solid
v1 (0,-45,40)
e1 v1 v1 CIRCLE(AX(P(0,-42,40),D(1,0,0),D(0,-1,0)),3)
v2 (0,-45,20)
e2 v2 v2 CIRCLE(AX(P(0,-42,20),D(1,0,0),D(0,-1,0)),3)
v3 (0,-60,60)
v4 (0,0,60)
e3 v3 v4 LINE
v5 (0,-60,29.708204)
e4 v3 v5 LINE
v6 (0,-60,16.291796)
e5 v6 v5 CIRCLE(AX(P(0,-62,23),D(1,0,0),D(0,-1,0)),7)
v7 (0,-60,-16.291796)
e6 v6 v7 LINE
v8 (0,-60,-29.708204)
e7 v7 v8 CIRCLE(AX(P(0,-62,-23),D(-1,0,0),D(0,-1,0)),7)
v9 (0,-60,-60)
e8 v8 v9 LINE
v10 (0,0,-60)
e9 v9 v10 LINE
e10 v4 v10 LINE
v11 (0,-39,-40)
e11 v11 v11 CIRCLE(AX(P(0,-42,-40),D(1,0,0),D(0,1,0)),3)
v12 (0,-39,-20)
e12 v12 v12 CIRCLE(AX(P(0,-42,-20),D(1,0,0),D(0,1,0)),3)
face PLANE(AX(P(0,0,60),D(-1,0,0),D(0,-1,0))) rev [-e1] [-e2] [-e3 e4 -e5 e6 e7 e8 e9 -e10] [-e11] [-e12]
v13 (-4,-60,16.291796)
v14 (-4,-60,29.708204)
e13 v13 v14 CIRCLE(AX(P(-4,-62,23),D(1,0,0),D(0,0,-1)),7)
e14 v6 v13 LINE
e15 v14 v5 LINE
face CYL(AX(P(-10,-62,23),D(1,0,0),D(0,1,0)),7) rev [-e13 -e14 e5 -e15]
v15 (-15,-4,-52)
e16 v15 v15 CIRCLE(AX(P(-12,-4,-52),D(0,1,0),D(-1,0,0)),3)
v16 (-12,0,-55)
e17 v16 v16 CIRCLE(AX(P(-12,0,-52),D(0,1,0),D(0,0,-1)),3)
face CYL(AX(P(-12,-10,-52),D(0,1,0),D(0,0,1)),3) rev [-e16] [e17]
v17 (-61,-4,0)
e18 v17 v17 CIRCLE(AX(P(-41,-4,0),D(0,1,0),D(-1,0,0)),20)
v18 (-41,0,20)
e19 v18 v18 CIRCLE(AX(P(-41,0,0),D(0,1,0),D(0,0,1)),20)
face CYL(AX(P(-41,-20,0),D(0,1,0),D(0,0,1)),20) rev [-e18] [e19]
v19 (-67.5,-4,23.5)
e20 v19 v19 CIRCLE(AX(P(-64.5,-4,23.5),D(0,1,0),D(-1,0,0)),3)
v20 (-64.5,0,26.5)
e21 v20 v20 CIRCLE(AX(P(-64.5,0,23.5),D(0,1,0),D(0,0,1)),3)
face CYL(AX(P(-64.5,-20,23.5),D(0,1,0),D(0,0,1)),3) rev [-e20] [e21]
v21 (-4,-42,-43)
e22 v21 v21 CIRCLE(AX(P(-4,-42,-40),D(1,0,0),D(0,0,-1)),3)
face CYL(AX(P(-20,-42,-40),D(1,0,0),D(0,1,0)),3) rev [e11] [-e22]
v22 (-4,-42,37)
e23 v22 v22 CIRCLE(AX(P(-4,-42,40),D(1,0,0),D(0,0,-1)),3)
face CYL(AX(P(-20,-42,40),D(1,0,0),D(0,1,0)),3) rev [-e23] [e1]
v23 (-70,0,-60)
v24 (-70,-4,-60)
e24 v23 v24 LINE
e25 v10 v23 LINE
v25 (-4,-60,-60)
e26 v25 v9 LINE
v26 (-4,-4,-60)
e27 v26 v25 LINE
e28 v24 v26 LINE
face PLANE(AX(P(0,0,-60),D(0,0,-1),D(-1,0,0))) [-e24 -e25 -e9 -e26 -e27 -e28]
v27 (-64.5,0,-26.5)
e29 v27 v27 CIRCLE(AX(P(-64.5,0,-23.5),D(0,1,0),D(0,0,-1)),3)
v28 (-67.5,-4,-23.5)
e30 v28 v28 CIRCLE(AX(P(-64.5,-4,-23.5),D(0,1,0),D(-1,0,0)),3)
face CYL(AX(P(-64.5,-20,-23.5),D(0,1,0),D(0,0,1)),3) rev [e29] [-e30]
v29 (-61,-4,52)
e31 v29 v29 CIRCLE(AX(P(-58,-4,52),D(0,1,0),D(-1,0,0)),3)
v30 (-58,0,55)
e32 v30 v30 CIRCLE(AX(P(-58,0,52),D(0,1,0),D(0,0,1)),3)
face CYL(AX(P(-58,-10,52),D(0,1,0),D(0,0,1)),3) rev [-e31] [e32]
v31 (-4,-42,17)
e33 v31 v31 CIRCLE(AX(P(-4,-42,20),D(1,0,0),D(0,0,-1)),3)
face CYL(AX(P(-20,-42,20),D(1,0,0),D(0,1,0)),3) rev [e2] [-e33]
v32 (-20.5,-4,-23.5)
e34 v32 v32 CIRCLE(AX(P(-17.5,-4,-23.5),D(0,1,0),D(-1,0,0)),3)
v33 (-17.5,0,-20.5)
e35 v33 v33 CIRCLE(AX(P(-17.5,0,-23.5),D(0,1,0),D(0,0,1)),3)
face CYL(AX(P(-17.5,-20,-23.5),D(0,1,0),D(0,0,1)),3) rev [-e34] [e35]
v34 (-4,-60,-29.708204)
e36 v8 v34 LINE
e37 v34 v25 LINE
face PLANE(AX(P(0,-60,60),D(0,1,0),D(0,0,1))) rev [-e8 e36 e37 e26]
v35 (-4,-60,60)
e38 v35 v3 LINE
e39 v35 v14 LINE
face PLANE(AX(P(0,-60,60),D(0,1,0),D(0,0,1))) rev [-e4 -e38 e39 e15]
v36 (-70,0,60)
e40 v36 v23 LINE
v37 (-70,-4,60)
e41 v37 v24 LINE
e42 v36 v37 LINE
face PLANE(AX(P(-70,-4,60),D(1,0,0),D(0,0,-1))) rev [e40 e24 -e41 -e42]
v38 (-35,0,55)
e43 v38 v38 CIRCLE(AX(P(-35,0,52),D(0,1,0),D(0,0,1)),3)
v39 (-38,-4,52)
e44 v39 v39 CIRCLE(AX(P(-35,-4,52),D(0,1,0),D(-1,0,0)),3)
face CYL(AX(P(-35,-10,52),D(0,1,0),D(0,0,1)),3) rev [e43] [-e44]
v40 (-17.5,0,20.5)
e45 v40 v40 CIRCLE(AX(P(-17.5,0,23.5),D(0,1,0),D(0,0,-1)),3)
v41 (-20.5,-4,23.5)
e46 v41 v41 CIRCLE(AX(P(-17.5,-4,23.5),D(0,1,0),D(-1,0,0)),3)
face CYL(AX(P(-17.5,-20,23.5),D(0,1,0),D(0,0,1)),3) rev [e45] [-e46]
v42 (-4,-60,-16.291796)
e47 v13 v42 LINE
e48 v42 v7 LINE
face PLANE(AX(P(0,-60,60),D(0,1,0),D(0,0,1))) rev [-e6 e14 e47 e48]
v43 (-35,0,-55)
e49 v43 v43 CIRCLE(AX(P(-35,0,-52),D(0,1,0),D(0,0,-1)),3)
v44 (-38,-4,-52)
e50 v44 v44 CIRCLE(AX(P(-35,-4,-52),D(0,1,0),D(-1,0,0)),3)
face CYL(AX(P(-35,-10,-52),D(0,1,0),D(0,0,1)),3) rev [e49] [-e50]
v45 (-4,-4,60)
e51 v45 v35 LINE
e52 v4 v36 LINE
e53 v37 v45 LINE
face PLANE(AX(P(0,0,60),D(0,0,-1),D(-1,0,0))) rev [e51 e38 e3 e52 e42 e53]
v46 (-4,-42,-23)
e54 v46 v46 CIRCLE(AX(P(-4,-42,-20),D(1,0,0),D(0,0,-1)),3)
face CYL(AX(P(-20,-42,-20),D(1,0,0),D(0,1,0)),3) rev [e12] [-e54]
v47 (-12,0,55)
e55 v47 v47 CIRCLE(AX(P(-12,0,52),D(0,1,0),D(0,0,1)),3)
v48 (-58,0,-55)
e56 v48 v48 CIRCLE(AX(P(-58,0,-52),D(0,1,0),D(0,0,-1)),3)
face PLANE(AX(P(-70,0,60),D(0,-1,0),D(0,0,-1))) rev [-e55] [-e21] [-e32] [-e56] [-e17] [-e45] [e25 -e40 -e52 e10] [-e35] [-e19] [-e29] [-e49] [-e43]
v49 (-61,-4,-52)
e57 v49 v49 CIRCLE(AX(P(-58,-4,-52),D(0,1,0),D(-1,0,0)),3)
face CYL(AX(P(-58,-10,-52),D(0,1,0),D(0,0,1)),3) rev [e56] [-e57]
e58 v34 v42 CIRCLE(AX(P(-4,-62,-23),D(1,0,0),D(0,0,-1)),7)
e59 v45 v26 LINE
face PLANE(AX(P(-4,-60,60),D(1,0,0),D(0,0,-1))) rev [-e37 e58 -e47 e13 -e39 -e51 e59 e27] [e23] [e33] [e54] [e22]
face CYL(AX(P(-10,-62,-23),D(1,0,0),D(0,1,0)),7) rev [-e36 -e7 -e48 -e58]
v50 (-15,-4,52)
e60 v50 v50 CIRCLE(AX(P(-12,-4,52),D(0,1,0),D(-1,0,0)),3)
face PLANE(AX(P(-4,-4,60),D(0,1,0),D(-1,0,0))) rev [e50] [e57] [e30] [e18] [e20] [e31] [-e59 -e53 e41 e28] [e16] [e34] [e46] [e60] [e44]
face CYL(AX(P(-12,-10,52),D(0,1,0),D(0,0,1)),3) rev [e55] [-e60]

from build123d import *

# Parameters (mm, degrees)
AUFSATZ_LINEAR_AUSTRAGEN1_DEPTH = 60
SKIZZE2_R                       = 20
SKIZZE2_R_2                     = 3
SCHNITT_LINEAR_AUSTRAGEN1_DEPTH = 20
SKIZZE3_R                       = 3
SCHNITT_LINEAR_AUSTRAGEN2_DEPTH = 20
SKIZZE4_R                       = 7
SCHNITT_LINEAR_AUSTRAGEN3_DEPTH = 10
SKIZZE5_R                       = 3
SCHNITT_LINEAR_AUSTRAGEN4_DEPTH = 10


with BuildPart() as part:
    # Skizze1 → Aufsatz-Linear austragen1 (new, symmetric)
    with BuildSketch(Plane.XY):
        Polygon((-70, 0), (0, 0), (0, -60), (-4, -60), (-4, -4), (-70, -4), align=None)
    extrude(amount=AUFSATZ_LINEAR_AUSTRAGEN1_DEPTH, both=True)

    # Skizze2 → Schnitt-Linear austragen1 (cut)
    with BuildSketch(Plane(origin=(0, 0, 0), x_dir=(1, 0, 0), z_dir=(0, 1, 0))):
        with Locations((-41, 0)):
            Circle(SKIZZE2_R)
        with Locations((-17.5, 23.5)):
            Circle(SKIZZE2_R_2)
        with Locations((-64.5, 23.5)):
            Circle(SKIZZE2_R_2)
        with Locations((-17.5, -23.5)):
            Circle(SKIZZE2_R_2)
        with Locations((-64.5, -23.5)):
            Circle(SKIZZE2_R_2)
    extrude(amount=-SCHNITT_LINEAR_AUSTRAGEN1_DEPTH, mode=Mode.SUBTRACT)

    # Skizze3 → Schnitt-Linear austragen2 (cut)
    with BuildSketch(Plane(origin=(0, 0, 0), x_dir=(0, 0, -1), z_dir=(1, 0, 0))):
        with Locations((40, -42)):
            Circle(SKIZZE3_R)
        with Locations((-40, -42)):
            Circle(SKIZZE3_R)
        with Locations((20, -42)):
            Circle(SKIZZE3_R)
        with Locations((-20, -42)):
            Circle(SKIZZE3_R)
    extrude(amount=-SCHNITT_LINEAR_AUSTRAGEN2_DEPTH, mode=Mode.SUBTRACT)

    # Skizze4 → Schnitt-Linear austragen3 (cut)
    with BuildSketch(Plane(origin=(0, 0, 0), x_dir=(0, 0, -1), z_dir=(1, 0, 0))):
        with Locations((23, -62)):
            Circle(SKIZZE4_R)
        with Locations((-23, -62)):
            Circle(SKIZZE4_R)
    extrude(amount=-SCHNITT_LINEAR_AUSTRAGEN3_DEPTH, mode=Mode.SUBTRACT)

    # Skizze5 → Schnitt-Linear austragen4 (cut)
    with BuildSketch(Plane(origin=(0, 0, 0), x_dir=(1, 0, 0), z_dir=(0, 1, 0))):
        with Locations((-58, -52)):
            Circle(SKIZZE5_R)
        with Locations((-35, -52)):
            Circle(SKIZZE5_R)
        with Locations((-12, -52)):
            Circle(SKIZZE5_R)
        with Locations((-58, 52)):
            Circle(SKIZZE5_R)
        with Locations((-35, 52)):
            Circle(SKIZZE5_R)
        with Locations((-12, 52)):
            Circle(SKIZZE5_R)
    extrude(amount=-SCHNITT_LINEAR_AUSTRAGEN4_DEPTH, mode=Mode.SUBTRACT)


solid = part.part
